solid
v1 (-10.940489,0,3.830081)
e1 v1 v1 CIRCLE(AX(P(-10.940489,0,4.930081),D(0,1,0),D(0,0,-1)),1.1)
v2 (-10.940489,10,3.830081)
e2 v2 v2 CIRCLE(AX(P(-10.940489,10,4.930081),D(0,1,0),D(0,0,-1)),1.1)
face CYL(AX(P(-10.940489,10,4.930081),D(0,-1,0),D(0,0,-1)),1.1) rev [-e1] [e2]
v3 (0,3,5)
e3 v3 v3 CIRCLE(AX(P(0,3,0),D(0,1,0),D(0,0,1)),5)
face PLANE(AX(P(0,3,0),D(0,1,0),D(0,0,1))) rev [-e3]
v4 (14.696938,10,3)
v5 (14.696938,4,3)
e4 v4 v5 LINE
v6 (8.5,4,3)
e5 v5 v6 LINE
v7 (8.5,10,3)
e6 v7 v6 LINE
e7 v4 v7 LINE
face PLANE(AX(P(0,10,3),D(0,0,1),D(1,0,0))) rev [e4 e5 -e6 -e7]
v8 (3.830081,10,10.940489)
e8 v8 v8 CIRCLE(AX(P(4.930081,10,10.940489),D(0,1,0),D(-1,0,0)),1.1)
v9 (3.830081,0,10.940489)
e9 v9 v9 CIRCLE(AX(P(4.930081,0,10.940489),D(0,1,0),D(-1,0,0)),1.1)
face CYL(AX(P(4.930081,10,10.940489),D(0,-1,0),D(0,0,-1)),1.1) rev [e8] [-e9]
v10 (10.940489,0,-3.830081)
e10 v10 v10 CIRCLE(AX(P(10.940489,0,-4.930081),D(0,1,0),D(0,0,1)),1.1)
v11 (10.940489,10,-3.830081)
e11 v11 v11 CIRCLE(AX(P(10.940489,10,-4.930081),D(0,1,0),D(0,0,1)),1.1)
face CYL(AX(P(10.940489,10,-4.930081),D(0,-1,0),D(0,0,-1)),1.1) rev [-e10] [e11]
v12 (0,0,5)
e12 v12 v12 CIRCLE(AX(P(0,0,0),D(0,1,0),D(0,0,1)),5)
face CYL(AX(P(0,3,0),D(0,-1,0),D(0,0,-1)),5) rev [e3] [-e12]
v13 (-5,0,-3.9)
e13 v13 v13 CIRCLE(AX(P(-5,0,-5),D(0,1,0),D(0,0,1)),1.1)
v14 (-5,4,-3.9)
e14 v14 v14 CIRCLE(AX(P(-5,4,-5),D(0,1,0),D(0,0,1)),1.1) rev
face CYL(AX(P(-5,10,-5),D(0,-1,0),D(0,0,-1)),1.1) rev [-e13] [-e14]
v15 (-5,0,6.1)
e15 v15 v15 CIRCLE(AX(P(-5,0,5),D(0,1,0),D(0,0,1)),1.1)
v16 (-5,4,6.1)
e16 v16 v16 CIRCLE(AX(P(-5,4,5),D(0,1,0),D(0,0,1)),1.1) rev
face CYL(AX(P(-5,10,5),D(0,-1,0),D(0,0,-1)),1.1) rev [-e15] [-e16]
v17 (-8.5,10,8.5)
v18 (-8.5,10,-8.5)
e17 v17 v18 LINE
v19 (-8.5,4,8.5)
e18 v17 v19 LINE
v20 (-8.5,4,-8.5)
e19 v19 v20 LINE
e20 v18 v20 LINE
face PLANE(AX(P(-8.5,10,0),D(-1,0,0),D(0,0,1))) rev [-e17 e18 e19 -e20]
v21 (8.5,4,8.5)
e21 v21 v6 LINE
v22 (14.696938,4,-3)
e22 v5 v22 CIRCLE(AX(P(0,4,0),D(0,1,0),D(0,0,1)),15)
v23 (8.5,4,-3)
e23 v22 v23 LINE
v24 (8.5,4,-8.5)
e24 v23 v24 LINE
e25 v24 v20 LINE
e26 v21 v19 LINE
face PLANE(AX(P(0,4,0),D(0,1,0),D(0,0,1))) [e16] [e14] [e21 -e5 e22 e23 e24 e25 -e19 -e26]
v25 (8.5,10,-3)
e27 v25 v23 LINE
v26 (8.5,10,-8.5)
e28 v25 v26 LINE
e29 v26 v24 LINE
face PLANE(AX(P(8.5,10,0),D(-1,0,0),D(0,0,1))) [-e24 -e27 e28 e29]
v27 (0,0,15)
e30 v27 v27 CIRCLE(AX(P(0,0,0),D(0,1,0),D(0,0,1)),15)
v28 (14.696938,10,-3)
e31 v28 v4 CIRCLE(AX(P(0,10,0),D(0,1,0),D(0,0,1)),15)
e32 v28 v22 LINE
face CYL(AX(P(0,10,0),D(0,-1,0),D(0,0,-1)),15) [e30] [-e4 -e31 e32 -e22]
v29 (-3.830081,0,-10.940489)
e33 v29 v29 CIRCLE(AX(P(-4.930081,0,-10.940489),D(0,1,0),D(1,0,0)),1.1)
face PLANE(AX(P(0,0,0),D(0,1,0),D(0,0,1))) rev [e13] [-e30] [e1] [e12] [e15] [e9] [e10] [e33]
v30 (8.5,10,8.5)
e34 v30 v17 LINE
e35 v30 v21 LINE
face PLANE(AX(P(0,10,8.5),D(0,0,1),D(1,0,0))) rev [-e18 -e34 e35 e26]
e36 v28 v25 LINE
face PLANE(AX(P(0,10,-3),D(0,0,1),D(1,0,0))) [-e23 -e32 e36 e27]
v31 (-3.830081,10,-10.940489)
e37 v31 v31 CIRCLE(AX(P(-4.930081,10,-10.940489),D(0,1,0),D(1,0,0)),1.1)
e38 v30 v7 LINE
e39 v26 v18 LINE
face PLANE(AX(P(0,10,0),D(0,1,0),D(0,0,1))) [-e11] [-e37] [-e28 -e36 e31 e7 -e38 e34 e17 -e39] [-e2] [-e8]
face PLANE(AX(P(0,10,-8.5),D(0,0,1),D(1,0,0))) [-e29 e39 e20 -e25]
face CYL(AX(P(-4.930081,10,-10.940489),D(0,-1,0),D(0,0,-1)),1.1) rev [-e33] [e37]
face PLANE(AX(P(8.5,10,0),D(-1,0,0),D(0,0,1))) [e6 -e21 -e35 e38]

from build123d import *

# Parameters (mm, degrees)
SKETCH1_R                   = 15
BOSS_EXTRUDE1_DEPTH         = 10
ACCEL_START                 = 4
SKETCH1_3_R                 = 1.1
ACCEL_CUTOUT_DEPTH          = 6
SKETCH1_4_R                 = 1.1
ACCEL_MOUNT_HOLES_DEPTH     = 24.452078799
SKETCH2_R                   = 5
REAR_THREAD_INSERT_DEPTH    = 3
SKETCH1_5_R                 = 1.1
LAYERSCREW_HOLES_DEPTH      = 24.452078799
LAYERSCREW_HOLES_MORE_COUNT = 4


with BuildPart() as part:
    # Sketch1 → Boss-Extrude1 (new body)
    with BuildSketch(Plane(origin=(0, 0, 0), x_dir=(1, 0, 0), z_dir=(0, 1, 0))):
        Circle(SKETCH1_R)
    extrude(amount=BOSS_EXTRUDE1_DEPTH)

    # Sketch1<3> → accel cutout (cut)
    with BuildSketch(Plane(origin=(0, 0, 0), x_dir=(1, 0, 0), z_dir=(0, 1, 0)).offset(ACCEL_START)):
        with BuildLine():
            Line((-8.5, 8.5), (-8.5, -8.5))
            Line((-8.5, -8.5), (8.5, -8.5))
            Line((8.5, -8.5), (8.5, -3))
            Line((8.5, -3), (14.696938457, -3))
            ThreePointArc((14.696938457, -3), (15, 0), (14.696938457, 3))
            Line((14.696938457, 3), (8.5, 3))
            Line((8.5, 3), (8.5, 8.5))
            Line((8.5, 8.5), (-8.5, 8.5))
        make_face()
        with Locations((-5, 5)):
            Circle(SKETCH1_3_R, mode=Mode.SUBTRACT)
        with Locations((-5, -5)):
            Circle(SKETCH1_3_R, mode=Mode.SUBTRACT)
    extrude(amount=ACCEL_CUTOUT_DEPTH, mode=Mode.SUBTRACT)

    # Sketch1<4> → accel mount holes (cut, through all)
    with BuildSketch(Plane(origin=(0, 0, 0), x_dir=(1, 0, 0), z_dir=(0, 1, 0))):
        with Locations((-5, 5)):
            Circle(SKETCH1_4_R)
        with Locations((-5, -5)):
            Circle(SKETCH1_4_R)
    extrude(amount=ACCEL_MOUNT_HOLES_DEPTH, mode=Mode.SUBTRACT)

    # Sketch2 → rear thread insert (cut)
    with BuildSketch(Plane(origin=(0, 0, 0), x_dir=(1, 0, 0), z_dir=(0, 1, 0))):
        Circle(SKETCH2_R)
    extrude(amount=REAR_THREAD_INSERT_DEPTH, mode=Mode.SUBTRACT)

    # Sketch1<5> → layerscrew holes (cut, through all)
    with BuildSketch(Plane(origin=(0, 0, 0), x_dir=(1, 0, 0), z_dir=(0, 1, 0))):
        with Locations((10.940488944, 4.930081304)):
            Circle(SKETCH1_5_R)
    layerscrew_holes = extrude(amount=LAYERSCREW_HOLES_DEPTH, mode=Mode.SUBTRACT)

    # layerscrew holes more: layerscrew holes ×4 about axis
    layerscrew_holes_more_axis = Axis((0, 10, 0), (0, -1, 0))
    for i in range(1, LAYERSCREW_HOLES_MORE_COUNT):
        add(layerscrew_holes.rotate(layerscrew_holes_more_axis, i * 360 / LAYERSCREW_HOLES_MORE_COUNT), mode=Mode.SUBTRACT)


solid = part.part
